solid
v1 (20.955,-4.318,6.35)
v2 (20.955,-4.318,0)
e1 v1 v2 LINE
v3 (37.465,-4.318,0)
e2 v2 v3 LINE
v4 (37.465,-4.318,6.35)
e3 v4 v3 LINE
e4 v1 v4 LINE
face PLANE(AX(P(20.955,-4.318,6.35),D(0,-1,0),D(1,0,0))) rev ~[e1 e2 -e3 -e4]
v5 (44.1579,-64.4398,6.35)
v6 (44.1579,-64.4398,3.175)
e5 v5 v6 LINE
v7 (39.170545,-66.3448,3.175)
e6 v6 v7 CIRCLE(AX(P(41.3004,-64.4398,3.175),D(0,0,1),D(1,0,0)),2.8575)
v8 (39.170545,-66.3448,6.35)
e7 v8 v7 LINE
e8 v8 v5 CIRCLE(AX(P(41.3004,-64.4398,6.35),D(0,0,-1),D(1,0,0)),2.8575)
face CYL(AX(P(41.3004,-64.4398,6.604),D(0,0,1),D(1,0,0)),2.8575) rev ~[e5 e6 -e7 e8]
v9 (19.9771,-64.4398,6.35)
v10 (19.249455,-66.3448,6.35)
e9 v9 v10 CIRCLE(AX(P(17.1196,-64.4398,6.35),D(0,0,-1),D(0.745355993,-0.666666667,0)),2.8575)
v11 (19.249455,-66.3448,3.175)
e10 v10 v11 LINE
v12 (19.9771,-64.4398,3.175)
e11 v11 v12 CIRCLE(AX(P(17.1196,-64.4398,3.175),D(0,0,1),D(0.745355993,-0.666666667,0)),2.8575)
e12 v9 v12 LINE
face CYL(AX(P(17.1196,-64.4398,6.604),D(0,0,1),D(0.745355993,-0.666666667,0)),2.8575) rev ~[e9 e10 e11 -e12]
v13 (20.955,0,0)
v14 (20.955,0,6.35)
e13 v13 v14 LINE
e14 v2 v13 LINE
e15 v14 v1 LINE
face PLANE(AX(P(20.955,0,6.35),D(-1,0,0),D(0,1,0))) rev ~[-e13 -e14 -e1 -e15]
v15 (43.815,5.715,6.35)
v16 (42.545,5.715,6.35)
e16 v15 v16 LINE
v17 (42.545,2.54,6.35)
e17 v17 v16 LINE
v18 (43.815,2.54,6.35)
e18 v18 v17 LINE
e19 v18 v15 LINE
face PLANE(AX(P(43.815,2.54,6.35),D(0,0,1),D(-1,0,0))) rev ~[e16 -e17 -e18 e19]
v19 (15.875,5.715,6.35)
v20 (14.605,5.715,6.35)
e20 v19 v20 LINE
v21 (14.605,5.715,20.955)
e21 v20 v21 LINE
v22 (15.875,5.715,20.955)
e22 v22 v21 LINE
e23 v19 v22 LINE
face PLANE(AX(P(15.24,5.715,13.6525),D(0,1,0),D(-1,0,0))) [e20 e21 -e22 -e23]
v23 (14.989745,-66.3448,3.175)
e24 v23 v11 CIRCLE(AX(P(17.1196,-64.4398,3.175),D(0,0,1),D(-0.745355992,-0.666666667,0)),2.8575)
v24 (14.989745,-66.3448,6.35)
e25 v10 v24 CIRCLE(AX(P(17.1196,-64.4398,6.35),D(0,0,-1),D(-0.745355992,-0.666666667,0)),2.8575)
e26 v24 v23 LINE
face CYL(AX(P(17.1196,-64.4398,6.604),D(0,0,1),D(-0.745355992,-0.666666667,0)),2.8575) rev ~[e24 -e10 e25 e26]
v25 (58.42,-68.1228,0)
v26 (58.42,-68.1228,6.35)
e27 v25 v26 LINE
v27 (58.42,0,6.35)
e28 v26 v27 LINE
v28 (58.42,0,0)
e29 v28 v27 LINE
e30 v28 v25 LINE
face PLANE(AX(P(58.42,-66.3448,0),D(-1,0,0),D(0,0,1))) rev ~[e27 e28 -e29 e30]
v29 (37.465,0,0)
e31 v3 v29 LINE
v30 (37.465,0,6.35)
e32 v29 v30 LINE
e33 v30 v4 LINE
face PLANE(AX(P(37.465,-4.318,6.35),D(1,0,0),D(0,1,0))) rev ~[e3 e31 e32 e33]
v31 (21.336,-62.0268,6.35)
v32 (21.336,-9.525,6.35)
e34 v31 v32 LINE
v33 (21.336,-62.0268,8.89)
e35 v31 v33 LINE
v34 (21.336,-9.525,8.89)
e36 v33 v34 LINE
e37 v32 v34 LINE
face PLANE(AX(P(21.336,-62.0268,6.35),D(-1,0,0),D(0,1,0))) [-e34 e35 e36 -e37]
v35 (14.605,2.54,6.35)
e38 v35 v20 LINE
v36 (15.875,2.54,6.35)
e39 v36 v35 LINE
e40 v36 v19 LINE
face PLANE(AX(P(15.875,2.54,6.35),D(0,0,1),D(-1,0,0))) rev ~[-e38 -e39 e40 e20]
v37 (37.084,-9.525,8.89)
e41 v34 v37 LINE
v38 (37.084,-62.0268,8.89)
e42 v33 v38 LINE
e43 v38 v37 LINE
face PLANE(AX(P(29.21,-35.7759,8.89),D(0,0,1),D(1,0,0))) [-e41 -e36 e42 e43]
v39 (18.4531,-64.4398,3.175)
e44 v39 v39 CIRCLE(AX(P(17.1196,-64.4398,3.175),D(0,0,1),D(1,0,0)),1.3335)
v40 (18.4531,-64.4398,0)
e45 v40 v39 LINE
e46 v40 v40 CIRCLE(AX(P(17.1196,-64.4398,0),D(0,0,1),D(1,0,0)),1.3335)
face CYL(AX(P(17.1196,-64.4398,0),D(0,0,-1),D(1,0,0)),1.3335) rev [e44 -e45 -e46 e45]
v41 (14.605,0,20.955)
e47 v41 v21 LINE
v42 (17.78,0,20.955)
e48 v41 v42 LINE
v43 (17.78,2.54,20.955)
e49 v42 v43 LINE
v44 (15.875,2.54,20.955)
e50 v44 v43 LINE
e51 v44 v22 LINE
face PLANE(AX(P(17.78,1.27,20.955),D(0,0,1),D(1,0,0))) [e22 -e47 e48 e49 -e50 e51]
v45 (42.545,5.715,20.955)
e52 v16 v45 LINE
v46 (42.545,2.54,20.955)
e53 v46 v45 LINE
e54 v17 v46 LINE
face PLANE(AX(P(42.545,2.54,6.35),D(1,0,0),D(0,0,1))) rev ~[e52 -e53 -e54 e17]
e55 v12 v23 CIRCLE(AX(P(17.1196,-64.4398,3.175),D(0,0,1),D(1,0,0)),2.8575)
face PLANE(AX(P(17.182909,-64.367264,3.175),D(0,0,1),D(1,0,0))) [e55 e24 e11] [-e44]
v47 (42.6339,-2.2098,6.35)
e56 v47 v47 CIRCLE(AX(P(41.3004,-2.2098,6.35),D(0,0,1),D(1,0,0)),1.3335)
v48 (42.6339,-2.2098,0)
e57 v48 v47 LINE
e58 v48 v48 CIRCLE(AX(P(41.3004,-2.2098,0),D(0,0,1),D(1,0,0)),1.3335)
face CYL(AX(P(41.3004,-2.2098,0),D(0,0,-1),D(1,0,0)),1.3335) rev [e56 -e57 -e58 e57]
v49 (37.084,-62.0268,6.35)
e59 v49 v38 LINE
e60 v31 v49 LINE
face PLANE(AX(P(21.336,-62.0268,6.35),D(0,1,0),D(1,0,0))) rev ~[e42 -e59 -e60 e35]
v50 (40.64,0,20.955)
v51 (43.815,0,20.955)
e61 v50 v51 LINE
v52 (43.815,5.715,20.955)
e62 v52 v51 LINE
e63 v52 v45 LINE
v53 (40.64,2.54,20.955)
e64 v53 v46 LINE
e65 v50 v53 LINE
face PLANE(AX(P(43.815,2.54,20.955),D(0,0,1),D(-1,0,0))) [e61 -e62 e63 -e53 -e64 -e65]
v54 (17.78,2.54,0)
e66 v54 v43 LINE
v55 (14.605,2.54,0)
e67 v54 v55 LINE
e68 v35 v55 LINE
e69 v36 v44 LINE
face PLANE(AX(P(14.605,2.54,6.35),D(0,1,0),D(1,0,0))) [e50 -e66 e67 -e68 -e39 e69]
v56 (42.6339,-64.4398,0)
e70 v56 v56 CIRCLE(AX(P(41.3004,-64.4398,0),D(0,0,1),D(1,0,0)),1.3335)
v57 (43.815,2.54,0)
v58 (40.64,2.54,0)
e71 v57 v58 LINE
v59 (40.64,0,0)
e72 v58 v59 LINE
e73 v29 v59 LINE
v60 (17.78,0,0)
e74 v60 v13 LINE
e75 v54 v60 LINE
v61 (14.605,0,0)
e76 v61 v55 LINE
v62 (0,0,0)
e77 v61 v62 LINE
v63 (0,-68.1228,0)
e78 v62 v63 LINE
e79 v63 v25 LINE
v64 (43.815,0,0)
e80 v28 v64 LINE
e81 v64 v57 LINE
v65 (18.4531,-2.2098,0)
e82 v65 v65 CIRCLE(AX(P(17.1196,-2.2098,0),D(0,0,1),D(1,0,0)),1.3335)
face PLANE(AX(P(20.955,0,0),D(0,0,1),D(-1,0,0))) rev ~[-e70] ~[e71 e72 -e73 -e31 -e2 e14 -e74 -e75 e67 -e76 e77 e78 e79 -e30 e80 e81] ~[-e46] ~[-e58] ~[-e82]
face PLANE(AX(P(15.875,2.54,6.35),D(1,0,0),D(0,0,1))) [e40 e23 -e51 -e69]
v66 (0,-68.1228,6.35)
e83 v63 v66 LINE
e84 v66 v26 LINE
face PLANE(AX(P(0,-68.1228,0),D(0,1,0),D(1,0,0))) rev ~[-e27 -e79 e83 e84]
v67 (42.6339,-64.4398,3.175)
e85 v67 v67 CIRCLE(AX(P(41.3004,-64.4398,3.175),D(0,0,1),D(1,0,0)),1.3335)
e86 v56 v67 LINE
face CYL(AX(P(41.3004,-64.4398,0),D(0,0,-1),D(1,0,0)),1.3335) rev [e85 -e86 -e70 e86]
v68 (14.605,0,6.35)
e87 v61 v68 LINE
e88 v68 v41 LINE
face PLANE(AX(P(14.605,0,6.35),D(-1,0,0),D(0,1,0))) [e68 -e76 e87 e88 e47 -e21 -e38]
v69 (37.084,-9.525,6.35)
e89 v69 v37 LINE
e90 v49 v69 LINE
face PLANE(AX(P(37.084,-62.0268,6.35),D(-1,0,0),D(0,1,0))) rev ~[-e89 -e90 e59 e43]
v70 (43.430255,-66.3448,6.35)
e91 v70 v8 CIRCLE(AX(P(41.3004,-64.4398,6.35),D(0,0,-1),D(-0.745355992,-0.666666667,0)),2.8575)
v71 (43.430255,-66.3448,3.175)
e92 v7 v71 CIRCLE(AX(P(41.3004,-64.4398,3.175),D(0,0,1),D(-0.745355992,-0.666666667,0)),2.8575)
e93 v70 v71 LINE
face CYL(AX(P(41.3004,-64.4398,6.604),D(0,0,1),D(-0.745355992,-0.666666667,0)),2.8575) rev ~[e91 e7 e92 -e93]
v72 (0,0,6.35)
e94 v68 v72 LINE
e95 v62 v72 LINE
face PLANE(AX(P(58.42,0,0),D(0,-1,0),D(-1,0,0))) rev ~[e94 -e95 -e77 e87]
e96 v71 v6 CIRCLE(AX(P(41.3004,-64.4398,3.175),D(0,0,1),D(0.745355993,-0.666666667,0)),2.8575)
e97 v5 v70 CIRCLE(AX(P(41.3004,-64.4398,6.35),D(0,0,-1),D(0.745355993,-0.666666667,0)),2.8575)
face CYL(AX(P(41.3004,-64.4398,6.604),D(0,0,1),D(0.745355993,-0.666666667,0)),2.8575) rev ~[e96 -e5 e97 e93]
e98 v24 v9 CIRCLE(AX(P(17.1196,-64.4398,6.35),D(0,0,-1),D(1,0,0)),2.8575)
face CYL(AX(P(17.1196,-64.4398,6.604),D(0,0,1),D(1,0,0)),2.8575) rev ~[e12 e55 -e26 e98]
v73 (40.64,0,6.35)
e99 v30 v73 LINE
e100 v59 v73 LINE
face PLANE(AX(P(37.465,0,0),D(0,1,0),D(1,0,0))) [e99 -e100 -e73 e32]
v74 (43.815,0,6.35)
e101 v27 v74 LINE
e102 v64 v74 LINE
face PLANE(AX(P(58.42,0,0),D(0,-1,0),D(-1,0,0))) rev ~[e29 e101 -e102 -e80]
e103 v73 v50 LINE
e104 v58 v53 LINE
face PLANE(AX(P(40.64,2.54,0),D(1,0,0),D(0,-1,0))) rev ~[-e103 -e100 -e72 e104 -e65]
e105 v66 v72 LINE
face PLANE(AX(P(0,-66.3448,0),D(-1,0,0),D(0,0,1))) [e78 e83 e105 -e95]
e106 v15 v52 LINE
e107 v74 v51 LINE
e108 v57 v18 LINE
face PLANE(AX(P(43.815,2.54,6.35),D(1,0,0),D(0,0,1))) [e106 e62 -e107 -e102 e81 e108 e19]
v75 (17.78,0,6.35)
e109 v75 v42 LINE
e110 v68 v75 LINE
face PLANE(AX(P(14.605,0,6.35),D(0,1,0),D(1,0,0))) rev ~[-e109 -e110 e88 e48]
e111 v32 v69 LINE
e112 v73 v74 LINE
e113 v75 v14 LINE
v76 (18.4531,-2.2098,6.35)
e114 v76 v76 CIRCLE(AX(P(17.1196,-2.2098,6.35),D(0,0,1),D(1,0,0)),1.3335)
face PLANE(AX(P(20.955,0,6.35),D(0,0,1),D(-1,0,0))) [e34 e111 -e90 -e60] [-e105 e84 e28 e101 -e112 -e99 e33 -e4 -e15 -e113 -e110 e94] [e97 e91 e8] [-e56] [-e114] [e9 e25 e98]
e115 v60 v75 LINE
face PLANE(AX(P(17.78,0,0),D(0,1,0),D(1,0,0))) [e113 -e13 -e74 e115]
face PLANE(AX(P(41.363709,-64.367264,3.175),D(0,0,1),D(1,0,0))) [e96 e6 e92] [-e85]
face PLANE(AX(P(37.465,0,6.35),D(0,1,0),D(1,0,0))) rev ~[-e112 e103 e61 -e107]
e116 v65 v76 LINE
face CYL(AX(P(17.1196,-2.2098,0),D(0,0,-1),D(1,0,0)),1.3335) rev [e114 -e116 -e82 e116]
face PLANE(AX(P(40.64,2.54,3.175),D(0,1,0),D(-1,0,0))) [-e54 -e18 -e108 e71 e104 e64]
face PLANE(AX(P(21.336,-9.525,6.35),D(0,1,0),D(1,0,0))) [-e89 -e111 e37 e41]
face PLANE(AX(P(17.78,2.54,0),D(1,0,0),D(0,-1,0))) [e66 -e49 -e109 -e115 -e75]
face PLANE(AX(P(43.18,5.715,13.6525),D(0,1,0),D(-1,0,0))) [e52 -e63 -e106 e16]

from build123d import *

# Parameters (mm, degrees)
F0_R      = 1.3335
F1_DEPTH  = 6.35
F2_W      = 16.51
F2_H      = 4.318
F3_DEPTH  = 6.351
F5_DEPTH  = 1.778
F6_DEPTH  = 6.604
F7_DEPTH  = 3.429
F4_W      = 15.748
F4_H      = 52.5018
F8_DEPTH  = 2.54
F9_W      = 6.35
F9_H      = 6.35
F10_W     = 6.35
F10_H     = 6.35
F11_DEPTH = 2.54
F12_W     = 6.35
F12_H     = 2.54
F13_DEPTH = 14.605
F14_W     = 3.175
F14_H     = 2.54
F15_DEPTH = 20.956
F16_W     = 1.27
F16_H     = 14.605
F17_W     = 1.27
F17_H     = 14.605
F18_DEPTH = 3.175


with BuildPart() as f1:
    # F0 (on Top) → F1 (new body)
    with BuildSketch(Plane.XY):
        with BuildLine():
            Line((58.42, 0), (0, 0))
            Line((0, 0), (0, -66.3448))
            Line((0, -66.3448), (14.9897452514, -66.3448))
            ThreePointArc((14.9897452514, -66.3448), (16.0999808785, -61.7704024843), (19.9771, -64.4398))
            ThreePointArc((19.9771, -64.4398), (19.7889975157, -65.4594191215), (19.2494547486, -66.3448))
            Line((19.2494547486, -66.3448), (39.1705452514, -66.3448))
            ThreePointArc((39.1705452514, -66.3448), (40.2807808785, -61.7704024843), (44.1579, -64.4398))
            ThreePointArc((44.1579, -64.4398), (43.9697975157, -65.4594191215), (43.4302547486, -66.3448))
            Line((43.4302547486, -66.3448), (58.42, -66.3448))
            Line((58.42, -66.3448), (58.42, 0))
        make_face()
        with Locations((17.1196, -2.2098)):
            Circle(F0_R, mode=Mode.SUBTRACT)
        with Locations((41.3004, -2.2098)):
            Circle(F0_R, mode=Mode.SUBTRACT)
        with BuildLine():
            ThreePointArc((19.9771, -64.4398), (16.0999808785, -61.7704024843), (14.9897452514, -66.3448))
            Line((14.9897452514, -66.3448), (19.2494547486, -66.3448))
            ThreePointArc((19.2494547486, -66.3448), (19.7889975157, -65.4594191215), (19.9771, -64.4398))
        make_face()
        with Locations((17.1196, -64.4398)):
            Circle(F0_R, mode=Mode.SUBTRACT)
        with BuildLine():
            Line((39.1705452514, -66.3448), (43.4302547486, -66.3448))
            ThreePointArc((43.4302547486, -66.3448), (43.9697975157, -65.4594191215), (44.1579, -64.4398))
            ThreePointArc((44.1579, -64.4398), (40.2807808785, -61.7704024843), (39.1705452514, -66.3448))
        make_face()
        with Locations((41.3004, -64.4398)):
            Circle(F0_R, mode=Mode.SUBTRACT)
    extrude(amount=F1_DEPTH)

    # F2 (on face) → F3 (cut, through all)
    with BuildSketch(Plane.XY.offset(6.35)):
        with Locations((29.21, -2.159)):
            Rectangle(F2_W, F2_H)
    extrude(amount=-F3_DEPTH, mode=Mode.SUBTRACT)

    # F5 (add): a face of the model
    f5_faces = [f1.faces().sort_by_distance(p)[0] for p in [
        (29.21, -66.3448, 3.175),
    ]]
    extrude(f5_faces, amount=F5_DEPTH)

    # F0 (on Top) → F6 (join)
    with BuildSketch(Plane.XY):
        with BuildLine():
            Line((39.1705452514, -66.3448), (43.4302547486, -66.3448))
            ThreePointArc((43.4302547486, -66.3448), (43.9697975157, -65.4594191215), (44.1579, -64.4398))
            ThreePointArc((44.1579, -64.4398), (40.2807808785, -61.7704024843), (39.1705452514, -66.3448))
        make_face()
        with Locations((41.3004, -64.4398)):
            Circle(F0_R, mode=Mode.SUBTRACT)
        with BuildLine():
            ThreePointArc((19.9771, -64.4398), (16.0999808785, -61.7704024843), (14.9897452514, -66.3448))
            Line((14.9897452514, -66.3448), (19.2494547486, -66.3448))
            ThreePointArc((19.2494547486, -66.3448), (19.7889975157, -65.4594191215), (19.9771, -64.4398))
        make_face()
        with Locations((17.1196, -64.4398)):
            Circle(F0_R, mode=Mode.SUBTRACT)
        with BuildLine():
            Line((19.2494547486, -66.3448), (14.9897452514, -66.3448))
            ThreePointArc((14.9897452514, -66.3448), (17.1196, -67.2973), (19.2494547486, -66.3448))
        make_face()
        with BuildLine():
            ThreePointArc((39.1705452514, -66.3448), (41.3004, -67.2973), (43.4302547486, -66.3448))
            Line((43.4302547486, -66.3448), (39.1705452514, -66.3448))
        make_face()
    extrude(amount=F6_DEPTH)

    # F7 (cut): faces of the model
    f7_faces = [f1.faces().sort_by_distance(p)[0] for p in [
        (19.1892133591, -62.5886815367, 6.604),
        (43.3700133591, -62.5886815367, 6.604),
    ]]
    extrude(f7_faces, amount=-F7_DEPTH, mode=Mode.SUBTRACT)

    # F4 (on face) → F8 (join)
    with BuildSketch(Plane.XY.offset(6.35)):
        with Locations((29.21, -35.7759)):
            Rectangle(F4_W, F4_H)
    extrude(amount=F8_DEPTH)

    # F9 (on face) + F10 (on face) → F11 (join)
    with BuildSketch(Plane(origin=(0, 0, 0), x_dir=(-1, 0, 0), z_dir=(0, 1, 0))):
        with Locations((-17.78, 3.175)):
            Rectangle(F9_W, F9_H)
    with BuildSketch(Plane(origin=(0, 0, 0), x_dir=(-1, 0, 0), z_dir=(0, 1, 0))):
        with Locations((-40.64, 3.175)):
            Rectangle(F10_W, F10_H)
    extrude(amount=F11_DEPTH)

    # F12 (on face) → F13 (join)
    with BuildSketch(Plane.XY.offset(6.35)):
        with Locations((17.78, 1.27)):
            Rectangle(F12_W, F12_H)
        with Locations((40.64, 1.27)):
            Rectangle(F12_W, F12_H)
    extrude(amount=F13_DEPTH)

    # F14 (on face) → F15 (cut, through all)
    with BuildSketch(Plane(origin=(0, 0, 0), x_dir=(1, 0, 0), z_dir=(0, 0, -1))):
        with Locations((19.3675, -1.27)):
            Rectangle(F14_W, F14_H)
        with Locations((39.0525, -1.27)):
            Rectangle(F14_W, F14_H)
    extrude(amount=-F15_DEPTH, mode=Mode.SUBTRACT)

    # F16 (on face) + F17 (on face) → F18 (join)
    with BuildSketch(Plane(origin=(0, 2.54, 0), x_dir=(-1, 0, 0), z_dir=(0, 1, 0))):
        with Locations((-43.18, 13.6525)):
            Rectangle(F16_W, F16_H)
    with BuildSketch(Plane(origin=(0, 2.54, 0), x_dir=(-1, 0, 0), z_dir=(0, 1, 0))):
        with Locations((-15.24, 13.6525)):
            Rectangle(F17_W, F17_H)
    extrude(amount=F18_DEPTH)


solid = f1.part
